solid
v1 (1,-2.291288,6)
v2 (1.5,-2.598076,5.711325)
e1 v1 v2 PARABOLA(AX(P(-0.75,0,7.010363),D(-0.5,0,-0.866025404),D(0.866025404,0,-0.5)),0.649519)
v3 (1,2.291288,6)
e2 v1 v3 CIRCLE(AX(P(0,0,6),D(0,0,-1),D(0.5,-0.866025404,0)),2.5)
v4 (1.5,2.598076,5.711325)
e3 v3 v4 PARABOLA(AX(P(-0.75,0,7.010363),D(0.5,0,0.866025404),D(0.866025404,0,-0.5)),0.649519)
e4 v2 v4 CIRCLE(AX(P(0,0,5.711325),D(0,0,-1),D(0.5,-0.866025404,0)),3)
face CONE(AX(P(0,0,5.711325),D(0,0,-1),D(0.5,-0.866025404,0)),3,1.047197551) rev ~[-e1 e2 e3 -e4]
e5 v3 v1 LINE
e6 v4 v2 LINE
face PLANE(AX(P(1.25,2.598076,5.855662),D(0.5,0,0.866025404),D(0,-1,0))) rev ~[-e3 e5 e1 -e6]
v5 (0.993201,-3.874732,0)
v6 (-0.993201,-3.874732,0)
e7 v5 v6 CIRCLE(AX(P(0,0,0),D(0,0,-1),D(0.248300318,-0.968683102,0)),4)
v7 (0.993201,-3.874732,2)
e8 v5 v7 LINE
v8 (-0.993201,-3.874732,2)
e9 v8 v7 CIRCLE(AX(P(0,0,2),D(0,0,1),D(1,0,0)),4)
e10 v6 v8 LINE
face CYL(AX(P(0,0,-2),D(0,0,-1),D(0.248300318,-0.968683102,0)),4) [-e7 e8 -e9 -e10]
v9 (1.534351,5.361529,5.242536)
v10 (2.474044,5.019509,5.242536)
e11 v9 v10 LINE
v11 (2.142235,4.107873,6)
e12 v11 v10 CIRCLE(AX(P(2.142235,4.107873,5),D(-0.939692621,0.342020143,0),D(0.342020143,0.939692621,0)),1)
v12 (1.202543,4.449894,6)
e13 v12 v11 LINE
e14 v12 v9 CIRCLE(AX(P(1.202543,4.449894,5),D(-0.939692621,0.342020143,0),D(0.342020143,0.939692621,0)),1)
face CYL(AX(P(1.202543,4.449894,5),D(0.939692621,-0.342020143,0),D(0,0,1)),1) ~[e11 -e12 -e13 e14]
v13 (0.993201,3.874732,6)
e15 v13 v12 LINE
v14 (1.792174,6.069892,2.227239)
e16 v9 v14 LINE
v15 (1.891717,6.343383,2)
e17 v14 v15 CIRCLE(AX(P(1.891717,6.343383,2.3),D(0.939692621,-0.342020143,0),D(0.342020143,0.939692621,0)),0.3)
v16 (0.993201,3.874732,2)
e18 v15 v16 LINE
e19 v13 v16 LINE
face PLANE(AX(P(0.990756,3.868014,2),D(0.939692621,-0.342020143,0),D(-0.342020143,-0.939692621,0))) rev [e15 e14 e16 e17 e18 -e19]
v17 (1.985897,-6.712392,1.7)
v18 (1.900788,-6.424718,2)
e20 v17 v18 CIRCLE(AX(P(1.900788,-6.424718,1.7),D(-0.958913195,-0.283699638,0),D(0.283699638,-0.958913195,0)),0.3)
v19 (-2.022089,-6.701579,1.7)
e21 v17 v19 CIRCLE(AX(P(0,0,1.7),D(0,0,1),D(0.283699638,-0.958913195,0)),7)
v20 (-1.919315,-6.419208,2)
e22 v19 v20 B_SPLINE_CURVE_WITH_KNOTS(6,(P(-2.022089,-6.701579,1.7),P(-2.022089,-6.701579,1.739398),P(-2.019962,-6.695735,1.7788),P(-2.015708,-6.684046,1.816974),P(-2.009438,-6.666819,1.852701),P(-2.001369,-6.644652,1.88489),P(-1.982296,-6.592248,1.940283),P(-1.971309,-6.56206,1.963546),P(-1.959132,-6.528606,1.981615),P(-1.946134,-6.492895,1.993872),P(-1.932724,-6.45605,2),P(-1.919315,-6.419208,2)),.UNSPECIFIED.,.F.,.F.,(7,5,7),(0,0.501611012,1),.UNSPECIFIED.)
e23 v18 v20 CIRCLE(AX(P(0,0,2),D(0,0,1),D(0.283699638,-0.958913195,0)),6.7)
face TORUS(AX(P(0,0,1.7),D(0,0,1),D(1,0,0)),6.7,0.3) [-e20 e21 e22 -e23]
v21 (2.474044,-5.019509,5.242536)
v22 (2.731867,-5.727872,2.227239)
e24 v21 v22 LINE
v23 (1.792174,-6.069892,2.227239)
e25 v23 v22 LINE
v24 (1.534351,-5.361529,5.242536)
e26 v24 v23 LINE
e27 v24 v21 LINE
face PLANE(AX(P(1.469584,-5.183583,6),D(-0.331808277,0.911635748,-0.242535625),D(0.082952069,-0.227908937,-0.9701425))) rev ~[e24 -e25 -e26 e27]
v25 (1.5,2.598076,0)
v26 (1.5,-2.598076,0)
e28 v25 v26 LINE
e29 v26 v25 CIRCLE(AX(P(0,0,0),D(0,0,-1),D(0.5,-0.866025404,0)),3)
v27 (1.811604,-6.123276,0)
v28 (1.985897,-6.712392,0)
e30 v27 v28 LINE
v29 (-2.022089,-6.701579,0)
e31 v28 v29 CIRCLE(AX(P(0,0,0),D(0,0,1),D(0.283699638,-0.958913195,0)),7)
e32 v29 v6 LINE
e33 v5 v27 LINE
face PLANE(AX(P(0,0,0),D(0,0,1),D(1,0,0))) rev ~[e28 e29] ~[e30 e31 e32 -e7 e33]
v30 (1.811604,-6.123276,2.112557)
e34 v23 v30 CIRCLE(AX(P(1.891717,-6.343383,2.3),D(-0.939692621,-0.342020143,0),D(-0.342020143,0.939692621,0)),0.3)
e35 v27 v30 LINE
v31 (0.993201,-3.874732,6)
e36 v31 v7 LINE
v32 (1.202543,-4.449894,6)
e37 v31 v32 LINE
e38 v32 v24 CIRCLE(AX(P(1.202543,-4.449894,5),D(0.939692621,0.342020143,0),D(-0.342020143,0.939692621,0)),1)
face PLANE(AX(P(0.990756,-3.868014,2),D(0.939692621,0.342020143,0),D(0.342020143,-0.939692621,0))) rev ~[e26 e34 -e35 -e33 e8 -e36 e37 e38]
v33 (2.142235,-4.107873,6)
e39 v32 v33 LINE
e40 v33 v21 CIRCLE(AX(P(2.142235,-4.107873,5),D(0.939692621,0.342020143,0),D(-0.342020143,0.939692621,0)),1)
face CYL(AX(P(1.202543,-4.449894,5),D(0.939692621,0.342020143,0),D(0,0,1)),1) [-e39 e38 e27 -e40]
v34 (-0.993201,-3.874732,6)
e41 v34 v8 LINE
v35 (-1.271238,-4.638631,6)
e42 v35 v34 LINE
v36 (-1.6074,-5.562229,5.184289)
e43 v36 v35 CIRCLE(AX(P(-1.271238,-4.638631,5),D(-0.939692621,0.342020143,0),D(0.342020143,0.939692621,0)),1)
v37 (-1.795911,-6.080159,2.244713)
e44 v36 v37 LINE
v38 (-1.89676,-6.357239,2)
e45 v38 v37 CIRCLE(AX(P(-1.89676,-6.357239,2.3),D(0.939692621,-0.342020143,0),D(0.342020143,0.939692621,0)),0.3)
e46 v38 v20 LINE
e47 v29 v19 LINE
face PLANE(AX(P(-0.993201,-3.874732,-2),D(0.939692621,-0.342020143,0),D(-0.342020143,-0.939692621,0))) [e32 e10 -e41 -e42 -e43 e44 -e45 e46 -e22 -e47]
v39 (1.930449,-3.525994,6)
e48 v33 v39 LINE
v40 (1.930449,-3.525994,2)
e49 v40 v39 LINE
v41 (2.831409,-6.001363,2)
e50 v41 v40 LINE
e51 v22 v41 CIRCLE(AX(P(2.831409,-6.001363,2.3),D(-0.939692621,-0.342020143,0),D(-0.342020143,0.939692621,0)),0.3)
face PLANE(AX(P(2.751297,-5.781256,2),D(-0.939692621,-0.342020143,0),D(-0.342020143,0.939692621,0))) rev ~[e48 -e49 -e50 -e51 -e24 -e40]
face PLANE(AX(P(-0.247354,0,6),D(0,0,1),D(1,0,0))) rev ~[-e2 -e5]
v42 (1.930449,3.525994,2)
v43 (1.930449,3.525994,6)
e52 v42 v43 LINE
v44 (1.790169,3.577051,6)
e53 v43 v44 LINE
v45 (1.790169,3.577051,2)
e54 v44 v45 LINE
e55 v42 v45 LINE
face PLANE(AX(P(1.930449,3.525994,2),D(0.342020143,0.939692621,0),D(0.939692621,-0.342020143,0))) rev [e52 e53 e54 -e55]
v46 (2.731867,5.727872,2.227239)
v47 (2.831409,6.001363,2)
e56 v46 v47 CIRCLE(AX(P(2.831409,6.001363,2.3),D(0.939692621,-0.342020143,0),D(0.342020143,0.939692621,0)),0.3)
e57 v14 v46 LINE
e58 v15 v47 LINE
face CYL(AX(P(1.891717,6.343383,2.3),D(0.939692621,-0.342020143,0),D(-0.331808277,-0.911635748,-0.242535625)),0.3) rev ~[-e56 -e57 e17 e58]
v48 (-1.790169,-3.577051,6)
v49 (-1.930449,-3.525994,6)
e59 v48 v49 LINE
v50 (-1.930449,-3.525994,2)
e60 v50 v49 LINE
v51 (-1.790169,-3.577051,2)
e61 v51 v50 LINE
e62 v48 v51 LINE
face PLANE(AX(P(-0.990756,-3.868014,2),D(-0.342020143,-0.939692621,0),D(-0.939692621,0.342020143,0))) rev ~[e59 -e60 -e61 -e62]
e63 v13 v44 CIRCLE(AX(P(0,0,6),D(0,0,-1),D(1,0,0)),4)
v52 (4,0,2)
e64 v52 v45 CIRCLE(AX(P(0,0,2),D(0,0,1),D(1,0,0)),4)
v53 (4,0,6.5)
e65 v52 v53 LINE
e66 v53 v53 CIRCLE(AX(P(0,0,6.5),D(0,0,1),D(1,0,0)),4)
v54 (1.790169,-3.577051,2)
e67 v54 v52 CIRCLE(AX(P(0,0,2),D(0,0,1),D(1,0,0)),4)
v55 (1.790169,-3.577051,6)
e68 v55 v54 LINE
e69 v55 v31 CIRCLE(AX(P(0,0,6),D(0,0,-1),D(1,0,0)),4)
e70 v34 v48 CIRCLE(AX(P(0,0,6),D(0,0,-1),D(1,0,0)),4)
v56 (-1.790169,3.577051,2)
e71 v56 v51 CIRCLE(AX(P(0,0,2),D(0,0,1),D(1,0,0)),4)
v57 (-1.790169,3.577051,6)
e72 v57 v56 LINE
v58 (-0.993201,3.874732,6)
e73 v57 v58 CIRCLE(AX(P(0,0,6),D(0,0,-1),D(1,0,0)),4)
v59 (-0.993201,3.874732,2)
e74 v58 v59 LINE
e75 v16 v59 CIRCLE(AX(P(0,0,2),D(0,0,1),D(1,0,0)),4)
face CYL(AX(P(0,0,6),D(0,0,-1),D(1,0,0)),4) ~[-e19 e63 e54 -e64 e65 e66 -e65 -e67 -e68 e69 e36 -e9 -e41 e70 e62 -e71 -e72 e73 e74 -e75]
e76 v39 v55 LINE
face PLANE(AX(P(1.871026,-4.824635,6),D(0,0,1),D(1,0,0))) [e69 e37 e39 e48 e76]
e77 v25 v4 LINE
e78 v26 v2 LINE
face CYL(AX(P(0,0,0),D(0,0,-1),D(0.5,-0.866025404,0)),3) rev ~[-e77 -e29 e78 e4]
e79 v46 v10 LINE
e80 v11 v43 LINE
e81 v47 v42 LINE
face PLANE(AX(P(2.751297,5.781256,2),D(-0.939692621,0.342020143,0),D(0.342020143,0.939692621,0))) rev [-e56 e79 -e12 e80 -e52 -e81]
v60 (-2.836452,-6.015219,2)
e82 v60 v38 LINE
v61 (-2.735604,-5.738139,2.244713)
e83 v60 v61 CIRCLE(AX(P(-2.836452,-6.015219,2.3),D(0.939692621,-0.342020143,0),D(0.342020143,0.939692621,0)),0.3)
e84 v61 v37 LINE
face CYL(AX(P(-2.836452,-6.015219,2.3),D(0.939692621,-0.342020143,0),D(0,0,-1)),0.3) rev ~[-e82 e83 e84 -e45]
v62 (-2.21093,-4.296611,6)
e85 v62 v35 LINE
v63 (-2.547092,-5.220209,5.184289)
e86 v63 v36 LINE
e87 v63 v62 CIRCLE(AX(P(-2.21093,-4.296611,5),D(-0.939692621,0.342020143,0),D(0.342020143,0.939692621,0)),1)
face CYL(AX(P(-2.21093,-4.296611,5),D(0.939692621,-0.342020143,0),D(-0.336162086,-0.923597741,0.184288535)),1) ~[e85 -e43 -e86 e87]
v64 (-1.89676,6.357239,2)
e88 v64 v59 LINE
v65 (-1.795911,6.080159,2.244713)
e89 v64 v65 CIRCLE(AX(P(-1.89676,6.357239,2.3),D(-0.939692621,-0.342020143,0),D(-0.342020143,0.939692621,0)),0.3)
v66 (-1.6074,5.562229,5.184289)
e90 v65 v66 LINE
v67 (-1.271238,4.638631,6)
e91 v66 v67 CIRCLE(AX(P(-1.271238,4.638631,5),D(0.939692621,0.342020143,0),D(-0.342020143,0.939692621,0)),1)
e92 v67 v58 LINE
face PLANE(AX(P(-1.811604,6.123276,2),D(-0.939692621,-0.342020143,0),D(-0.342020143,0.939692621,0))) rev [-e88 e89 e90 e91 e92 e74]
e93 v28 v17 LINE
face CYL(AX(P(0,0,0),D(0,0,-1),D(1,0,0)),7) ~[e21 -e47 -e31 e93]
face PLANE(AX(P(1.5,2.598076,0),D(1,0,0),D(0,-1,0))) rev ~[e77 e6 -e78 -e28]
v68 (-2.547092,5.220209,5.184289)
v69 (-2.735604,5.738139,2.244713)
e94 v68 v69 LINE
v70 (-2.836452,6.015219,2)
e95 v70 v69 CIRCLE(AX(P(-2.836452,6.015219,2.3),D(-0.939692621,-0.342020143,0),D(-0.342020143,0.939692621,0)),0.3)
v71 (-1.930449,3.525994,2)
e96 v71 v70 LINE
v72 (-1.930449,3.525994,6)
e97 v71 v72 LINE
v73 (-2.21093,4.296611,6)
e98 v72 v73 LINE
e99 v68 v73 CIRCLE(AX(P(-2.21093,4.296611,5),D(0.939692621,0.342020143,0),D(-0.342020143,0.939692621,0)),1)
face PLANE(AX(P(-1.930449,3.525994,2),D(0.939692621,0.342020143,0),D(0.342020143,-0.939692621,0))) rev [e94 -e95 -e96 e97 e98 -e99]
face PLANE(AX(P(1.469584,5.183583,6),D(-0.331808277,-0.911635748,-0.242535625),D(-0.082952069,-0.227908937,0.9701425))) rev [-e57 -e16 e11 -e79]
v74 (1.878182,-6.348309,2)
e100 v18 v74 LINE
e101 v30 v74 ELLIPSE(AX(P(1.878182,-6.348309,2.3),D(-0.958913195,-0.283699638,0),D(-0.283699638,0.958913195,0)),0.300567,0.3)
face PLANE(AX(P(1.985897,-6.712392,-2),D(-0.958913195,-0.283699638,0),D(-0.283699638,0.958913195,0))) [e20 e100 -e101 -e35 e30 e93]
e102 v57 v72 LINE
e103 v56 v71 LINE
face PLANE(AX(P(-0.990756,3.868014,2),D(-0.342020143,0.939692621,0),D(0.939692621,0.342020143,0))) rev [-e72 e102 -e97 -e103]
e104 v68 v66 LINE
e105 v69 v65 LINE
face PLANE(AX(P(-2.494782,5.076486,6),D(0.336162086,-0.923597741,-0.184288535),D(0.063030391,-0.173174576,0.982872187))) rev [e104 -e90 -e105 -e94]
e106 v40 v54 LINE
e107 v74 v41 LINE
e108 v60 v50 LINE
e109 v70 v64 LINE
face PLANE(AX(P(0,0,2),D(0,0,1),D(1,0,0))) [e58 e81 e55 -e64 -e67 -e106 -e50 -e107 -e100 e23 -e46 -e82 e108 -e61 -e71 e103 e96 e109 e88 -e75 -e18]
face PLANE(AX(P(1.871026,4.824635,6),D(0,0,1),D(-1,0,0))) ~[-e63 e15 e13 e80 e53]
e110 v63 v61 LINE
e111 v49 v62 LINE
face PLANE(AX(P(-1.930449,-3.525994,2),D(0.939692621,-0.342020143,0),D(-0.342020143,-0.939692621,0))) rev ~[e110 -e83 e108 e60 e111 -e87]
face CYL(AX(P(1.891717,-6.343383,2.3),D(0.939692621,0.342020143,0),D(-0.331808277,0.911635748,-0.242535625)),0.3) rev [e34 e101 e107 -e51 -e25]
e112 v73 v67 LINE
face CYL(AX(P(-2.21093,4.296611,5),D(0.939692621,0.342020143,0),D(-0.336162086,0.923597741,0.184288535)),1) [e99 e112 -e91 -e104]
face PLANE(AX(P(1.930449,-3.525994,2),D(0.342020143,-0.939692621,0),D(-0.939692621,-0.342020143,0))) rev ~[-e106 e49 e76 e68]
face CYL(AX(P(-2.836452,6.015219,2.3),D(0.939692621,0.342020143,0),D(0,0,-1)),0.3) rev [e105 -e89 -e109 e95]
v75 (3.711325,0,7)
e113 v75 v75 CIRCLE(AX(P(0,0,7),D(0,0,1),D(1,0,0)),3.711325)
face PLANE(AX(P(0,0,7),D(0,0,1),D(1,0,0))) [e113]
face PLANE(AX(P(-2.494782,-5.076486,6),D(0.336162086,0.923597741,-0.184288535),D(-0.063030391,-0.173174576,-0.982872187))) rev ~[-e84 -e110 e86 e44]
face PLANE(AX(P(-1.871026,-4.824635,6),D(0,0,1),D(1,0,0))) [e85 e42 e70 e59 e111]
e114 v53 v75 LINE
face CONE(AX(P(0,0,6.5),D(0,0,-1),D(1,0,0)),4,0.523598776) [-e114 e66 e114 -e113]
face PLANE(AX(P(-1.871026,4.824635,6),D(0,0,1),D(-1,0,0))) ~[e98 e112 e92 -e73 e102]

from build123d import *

# Parameters (mm, degrees)
SZKIC1_R                          = 4
DODANIE_WYCI_GNI_CIE1_DEPTH       = 6
SZKIC1_3_R                        = 7
SZKIC1_3_R_2                      = 4
DODANIE_WYCI_GNI_CIE2_DEPTH       = 2
DODANIE_WYCI_GNI_CIE3_START       = 6
SZKIC1_4_R                        = 4
DODANIE_WYCI_GNI_CIE3_DEPTH       = 1
SFAZOWANIE1_SIZE                  = 0.5
SFAZOWANIE1_SIZE2                 = 0.28867513459481364
SFAZOWANIE2_SIZE                  = 0.5
SFAZOWANIE2_SIZE2                 = 0.28867513459481364
WYCI_GNI_CIE_CIENKA_CIANKA1_DEPTH = 4
WYTNIJ_WYCI_GNI_CIE1_DEPTH        = 4
WYTNIJ_WYCI_GNI_CIE2_DEPTH        = 4
ZAOKR_GLENIE2_R                   = 1
WYTNIJ_WYCI_GNI_CIE3_START        = -4
WYTNIJ_WYCI_GNI_CIE3_DEPTH        = 4
ZAOKR_GLENIE4_R                   = 0.3
ZAOKR_GLENIE5_R                   = 0.3
ZAOKR_GLENIE2_OF_LUSTRO2_R        = 1
ZAOKR_GLENIE4_OF_LUSTRO2_R        = 0.3


with BuildPart() as part:
    # Szkic1 → Dodanie-wyci_gni_cie1 (new body)
    with BuildSketch(Plane.XY):
        Circle(SZKIC1_R)
        with BuildLine():
            Line((1.5, 2.5980762113533156), (1.5, -2.5980762113533156))
            ThreePointArc((1.4999999999999998, -2.598076211353315), (-2.999999999999999, 3.7e-16), (1.4999999999999998, 2.598076211353315))
        make_face(mode=Mode.SUBTRACT)
    extrude(amount=DODANIE_WYCI_GNI_CIE1_DEPTH)

    # Szkic1_3 → Dodanie-wyci_gni_cie2 (add)
    with BuildSketch(Plane.XY):
        Circle(SZKIC1_3_R)
        Circle(SZKIC1_3_R_2, mode=Mode.SUBTRACT)
    extrude(amount=DODANIE_WYCI_GNI_CIE2_DEPTH)

    # Szkic1_4 → Dodanie-wyci_gni_cie3 (add)
    with BuildSketch(Plane.XY.offset(DODANIE_WYCI_GNI_CIE3_START)):
        Circle(SZKIC1_4_R)
    extrude(amount=DODANIE_WYCI_GNI_CIE3_DEPTH)

    # Sfazowanie1
    sfazowanie1_edges = [part.edges().sort_by_distance(p)[0] for p in [
        (-2.999999999999999, 8.9e-16, 6),
        (1.5, 0, 6),
    ]]
    sfazowanie1_side = [part.faces().sort_by_distance(p)[0] for p in [
        (-0.5139804124502736, 6.2e-16, 6),
    ]]
    chamfer(sfazowanie1_edges, length=SFAZOWANIE1_SIZE, length2=SFAZOWANIE1_SIZE2, reference=sfazowanie1_side[0])

    # Sfazowanie2
    sfazowanie2_edges = [part.edges().sort_by_distance(p)[0] for p in [
        (-4, 4.9e-16, 7),
    ]]
    sfazowanie2_side = [part.faces().sort_by_distance(p)[0] for p in [
        (-4, 4.9e-16, 4.5),
    ]]
    chamfer(sfazowanie2_edges, length=SFAZOWANIE2_SIZE, length2=SFAZOWANIE2_SIZE2, reference=sfazowanie2_side[0])

    # Szkic3 → Wyci_gni_cie-cienka _cianka1 (add)
    with BuildSketch(Plane.XY.offset(2)):
        Polygon((0.9907558800275146, -3.8680137479259677), (1.811604224009121, -6.123276037812147), (2.751296844795029, -5.781255894486478), (1.930448500813423, -3.5259936046002984), align=None)
        Polygon((-1.930448500813423, -3.525993604600299), (-2.7512968447950286, -5.7812558944864785), (-1.81160422400912, -6.123276037812148), (-0.9907558800275145, -3.868013747925968), align=None)
    wyci_gni_cie_cienka_cianka1 = extrude(amount=WYCI_GNI_CIE_CIENKA_CIANKA1_DEPTH)

    # Szkic4 → Wytnij-wyci_gni_cie1 (cut)
    with BuildSketch(Plane(origin=(-0.5713964233589274, 0.2079712900688191, 0), x_dir=(0, 0, 1), z_dir=(-0.9396926207859082, 0.3420201433256693, 0))):
        Polygon((6, -6.373602444112237), (6, -5.623602444112237), (2, -6.373602444112238), align=None)
    wytnij_wyci_gni_cie1 = extrude(amount=-WYTNIJ_WYCI_GNI_CIE1_DEPTH, mode=Mode.SUBTRACT)

    # Szkic5 → Wytnij-wyci_gni_cie2 (cut)
    with BuildSketch(Plane(origin=(-0.36829619742698255, -0.13404885325685056, 0), x_dir=(0, 0, 1), z_dir=(-0.939692620785908, -0.3420201433256696, 0))):
        Polygon((2, -6.373602444112238), (6, -6.373602444112237), (6, -5.373602444112237), align=None)
    wytnij_wyci_gni_cie2 = extrude(amount=-WYTNIJ_WYCI_GNI_CIE2_DEPTH, mode=Mode.SUBTRACT)

    # Zaokr_glenie2
    zaokr_glenie2_edges = [part.edges().sort_by_distance(p)[0] for p in [
        (1.9394303910764068, -5.012573345363405, 6),
        (-2.0249354269078235, -5.247496500559882, 6),
    ]]
    fillet(zaokr_glenie2_edges, radius=ZAOKR_GLENIE2_R)

    # Szkic6 → Wytnij-wyci_gni_cie3 (cut)
    with BuildSketch(Plane.XY.offset(2).offset(WYTNIJ_WYCI_GNI_CIE3_START)):
        with BuildLine():
            Line((-1.8116042240091212, -6.12327603781215), (-2.0220891373099885, -6.701578584242144))
            ThreePointArc((-2.0220891373099885, -6.701578584242144), (-0.0188863375955117, -6.999974521828791), (1.985897465033318, -6.7123923647515005))
            Line((1.985897465033318, -6.7123923647515005), (1.8116042240091235, -6.12327603781215))
            Line((1.8116042240091235, -6.12327603781215), (0.9932012722690525, -3.8747324078913032))
            ThreePointArc((0.9932012722690525, -3.8747324078913032), (-9e-16, -3.999999999999983), (-0.9932012722690527, -3.874732407891303))
            Line((-0.9932012722690527, -3.874732407891303), (-1.8116042240091212, -6.12327603781215))
        make_face()
    extrude(amount=WYTNIJ_WYCI_GNI_CIE3_DEPTH, mode=Mode.SUBTRACT)

    # Zaokr_glenie4
    zaokr_glenie4_edges = [part.edges().sort_by_distance(p)[0] for p in [
        (2.281450534402075, -5.952265966149312, 2),
        (-2.281450534402074, -5.952265966149313, 2),
    ]]
    fillet(zaokr_glenie4_edges, radius=ZAOKR_GLENIE4_R)

    # Zaokr_glenie5
    zaokr_glenie5_edges = [part.edges().sort_by_distance(p)[0] for p in [
        (0.0188863375955115, 6.999974521828793, 2),
    ]]
    fillet(zaokr_glenie5_edges, radius=ZAOKR_GLENIE5_R)

    # Lustro2: Wyci_gni_cie-cienka _cianka1, Wytnij-wyci_gni_cie1, Wytnij-wyci_gni_cie2 across plane
    add(wyci_gni_cie_cienka_cianka1.mirror(Plane.ZX))
    add(wytnij_wyci_gni_cie1.mirror(Plane.ZX), mode=Mode.SUBTRACT)
    add(wytnij_wyci_gni_cie2.mirror(Plane.ZX), mode=Mode.SUBTRACT)

    # Zaokr_glenie2 of Lustro2
    zaokr_glenie2_of_lustro2_edges = [part.edges().sort_by_distance(p)[0] for p in [
        (1.9394303910764068, 5.012573345363405, 6),
        (-2.0249354269078235, 5.247496500559882, 6),
    ]]
    fillet(zaokr_glenie2_of_lustro2_edges, radius=ZAOKR_GLENIE2_OF_LUSTRO2_R)

    # Zaokr_glenie4 of Lustro2
    zaokr_glenie4_of_lustro2_edges = [part.edges().sort_by_distance(p)[0] for p in [
        (2.281450534402075, 5.952265966149312, 2),
        (-2.281450534402074, 5.952265966149313, 2),
    ]]
    fillet(zaokr_glenie4_of_lustro2_edges, radius=ZAOKR_GLENIE4_OF_LUSTRO2_R)


solid = part.part
